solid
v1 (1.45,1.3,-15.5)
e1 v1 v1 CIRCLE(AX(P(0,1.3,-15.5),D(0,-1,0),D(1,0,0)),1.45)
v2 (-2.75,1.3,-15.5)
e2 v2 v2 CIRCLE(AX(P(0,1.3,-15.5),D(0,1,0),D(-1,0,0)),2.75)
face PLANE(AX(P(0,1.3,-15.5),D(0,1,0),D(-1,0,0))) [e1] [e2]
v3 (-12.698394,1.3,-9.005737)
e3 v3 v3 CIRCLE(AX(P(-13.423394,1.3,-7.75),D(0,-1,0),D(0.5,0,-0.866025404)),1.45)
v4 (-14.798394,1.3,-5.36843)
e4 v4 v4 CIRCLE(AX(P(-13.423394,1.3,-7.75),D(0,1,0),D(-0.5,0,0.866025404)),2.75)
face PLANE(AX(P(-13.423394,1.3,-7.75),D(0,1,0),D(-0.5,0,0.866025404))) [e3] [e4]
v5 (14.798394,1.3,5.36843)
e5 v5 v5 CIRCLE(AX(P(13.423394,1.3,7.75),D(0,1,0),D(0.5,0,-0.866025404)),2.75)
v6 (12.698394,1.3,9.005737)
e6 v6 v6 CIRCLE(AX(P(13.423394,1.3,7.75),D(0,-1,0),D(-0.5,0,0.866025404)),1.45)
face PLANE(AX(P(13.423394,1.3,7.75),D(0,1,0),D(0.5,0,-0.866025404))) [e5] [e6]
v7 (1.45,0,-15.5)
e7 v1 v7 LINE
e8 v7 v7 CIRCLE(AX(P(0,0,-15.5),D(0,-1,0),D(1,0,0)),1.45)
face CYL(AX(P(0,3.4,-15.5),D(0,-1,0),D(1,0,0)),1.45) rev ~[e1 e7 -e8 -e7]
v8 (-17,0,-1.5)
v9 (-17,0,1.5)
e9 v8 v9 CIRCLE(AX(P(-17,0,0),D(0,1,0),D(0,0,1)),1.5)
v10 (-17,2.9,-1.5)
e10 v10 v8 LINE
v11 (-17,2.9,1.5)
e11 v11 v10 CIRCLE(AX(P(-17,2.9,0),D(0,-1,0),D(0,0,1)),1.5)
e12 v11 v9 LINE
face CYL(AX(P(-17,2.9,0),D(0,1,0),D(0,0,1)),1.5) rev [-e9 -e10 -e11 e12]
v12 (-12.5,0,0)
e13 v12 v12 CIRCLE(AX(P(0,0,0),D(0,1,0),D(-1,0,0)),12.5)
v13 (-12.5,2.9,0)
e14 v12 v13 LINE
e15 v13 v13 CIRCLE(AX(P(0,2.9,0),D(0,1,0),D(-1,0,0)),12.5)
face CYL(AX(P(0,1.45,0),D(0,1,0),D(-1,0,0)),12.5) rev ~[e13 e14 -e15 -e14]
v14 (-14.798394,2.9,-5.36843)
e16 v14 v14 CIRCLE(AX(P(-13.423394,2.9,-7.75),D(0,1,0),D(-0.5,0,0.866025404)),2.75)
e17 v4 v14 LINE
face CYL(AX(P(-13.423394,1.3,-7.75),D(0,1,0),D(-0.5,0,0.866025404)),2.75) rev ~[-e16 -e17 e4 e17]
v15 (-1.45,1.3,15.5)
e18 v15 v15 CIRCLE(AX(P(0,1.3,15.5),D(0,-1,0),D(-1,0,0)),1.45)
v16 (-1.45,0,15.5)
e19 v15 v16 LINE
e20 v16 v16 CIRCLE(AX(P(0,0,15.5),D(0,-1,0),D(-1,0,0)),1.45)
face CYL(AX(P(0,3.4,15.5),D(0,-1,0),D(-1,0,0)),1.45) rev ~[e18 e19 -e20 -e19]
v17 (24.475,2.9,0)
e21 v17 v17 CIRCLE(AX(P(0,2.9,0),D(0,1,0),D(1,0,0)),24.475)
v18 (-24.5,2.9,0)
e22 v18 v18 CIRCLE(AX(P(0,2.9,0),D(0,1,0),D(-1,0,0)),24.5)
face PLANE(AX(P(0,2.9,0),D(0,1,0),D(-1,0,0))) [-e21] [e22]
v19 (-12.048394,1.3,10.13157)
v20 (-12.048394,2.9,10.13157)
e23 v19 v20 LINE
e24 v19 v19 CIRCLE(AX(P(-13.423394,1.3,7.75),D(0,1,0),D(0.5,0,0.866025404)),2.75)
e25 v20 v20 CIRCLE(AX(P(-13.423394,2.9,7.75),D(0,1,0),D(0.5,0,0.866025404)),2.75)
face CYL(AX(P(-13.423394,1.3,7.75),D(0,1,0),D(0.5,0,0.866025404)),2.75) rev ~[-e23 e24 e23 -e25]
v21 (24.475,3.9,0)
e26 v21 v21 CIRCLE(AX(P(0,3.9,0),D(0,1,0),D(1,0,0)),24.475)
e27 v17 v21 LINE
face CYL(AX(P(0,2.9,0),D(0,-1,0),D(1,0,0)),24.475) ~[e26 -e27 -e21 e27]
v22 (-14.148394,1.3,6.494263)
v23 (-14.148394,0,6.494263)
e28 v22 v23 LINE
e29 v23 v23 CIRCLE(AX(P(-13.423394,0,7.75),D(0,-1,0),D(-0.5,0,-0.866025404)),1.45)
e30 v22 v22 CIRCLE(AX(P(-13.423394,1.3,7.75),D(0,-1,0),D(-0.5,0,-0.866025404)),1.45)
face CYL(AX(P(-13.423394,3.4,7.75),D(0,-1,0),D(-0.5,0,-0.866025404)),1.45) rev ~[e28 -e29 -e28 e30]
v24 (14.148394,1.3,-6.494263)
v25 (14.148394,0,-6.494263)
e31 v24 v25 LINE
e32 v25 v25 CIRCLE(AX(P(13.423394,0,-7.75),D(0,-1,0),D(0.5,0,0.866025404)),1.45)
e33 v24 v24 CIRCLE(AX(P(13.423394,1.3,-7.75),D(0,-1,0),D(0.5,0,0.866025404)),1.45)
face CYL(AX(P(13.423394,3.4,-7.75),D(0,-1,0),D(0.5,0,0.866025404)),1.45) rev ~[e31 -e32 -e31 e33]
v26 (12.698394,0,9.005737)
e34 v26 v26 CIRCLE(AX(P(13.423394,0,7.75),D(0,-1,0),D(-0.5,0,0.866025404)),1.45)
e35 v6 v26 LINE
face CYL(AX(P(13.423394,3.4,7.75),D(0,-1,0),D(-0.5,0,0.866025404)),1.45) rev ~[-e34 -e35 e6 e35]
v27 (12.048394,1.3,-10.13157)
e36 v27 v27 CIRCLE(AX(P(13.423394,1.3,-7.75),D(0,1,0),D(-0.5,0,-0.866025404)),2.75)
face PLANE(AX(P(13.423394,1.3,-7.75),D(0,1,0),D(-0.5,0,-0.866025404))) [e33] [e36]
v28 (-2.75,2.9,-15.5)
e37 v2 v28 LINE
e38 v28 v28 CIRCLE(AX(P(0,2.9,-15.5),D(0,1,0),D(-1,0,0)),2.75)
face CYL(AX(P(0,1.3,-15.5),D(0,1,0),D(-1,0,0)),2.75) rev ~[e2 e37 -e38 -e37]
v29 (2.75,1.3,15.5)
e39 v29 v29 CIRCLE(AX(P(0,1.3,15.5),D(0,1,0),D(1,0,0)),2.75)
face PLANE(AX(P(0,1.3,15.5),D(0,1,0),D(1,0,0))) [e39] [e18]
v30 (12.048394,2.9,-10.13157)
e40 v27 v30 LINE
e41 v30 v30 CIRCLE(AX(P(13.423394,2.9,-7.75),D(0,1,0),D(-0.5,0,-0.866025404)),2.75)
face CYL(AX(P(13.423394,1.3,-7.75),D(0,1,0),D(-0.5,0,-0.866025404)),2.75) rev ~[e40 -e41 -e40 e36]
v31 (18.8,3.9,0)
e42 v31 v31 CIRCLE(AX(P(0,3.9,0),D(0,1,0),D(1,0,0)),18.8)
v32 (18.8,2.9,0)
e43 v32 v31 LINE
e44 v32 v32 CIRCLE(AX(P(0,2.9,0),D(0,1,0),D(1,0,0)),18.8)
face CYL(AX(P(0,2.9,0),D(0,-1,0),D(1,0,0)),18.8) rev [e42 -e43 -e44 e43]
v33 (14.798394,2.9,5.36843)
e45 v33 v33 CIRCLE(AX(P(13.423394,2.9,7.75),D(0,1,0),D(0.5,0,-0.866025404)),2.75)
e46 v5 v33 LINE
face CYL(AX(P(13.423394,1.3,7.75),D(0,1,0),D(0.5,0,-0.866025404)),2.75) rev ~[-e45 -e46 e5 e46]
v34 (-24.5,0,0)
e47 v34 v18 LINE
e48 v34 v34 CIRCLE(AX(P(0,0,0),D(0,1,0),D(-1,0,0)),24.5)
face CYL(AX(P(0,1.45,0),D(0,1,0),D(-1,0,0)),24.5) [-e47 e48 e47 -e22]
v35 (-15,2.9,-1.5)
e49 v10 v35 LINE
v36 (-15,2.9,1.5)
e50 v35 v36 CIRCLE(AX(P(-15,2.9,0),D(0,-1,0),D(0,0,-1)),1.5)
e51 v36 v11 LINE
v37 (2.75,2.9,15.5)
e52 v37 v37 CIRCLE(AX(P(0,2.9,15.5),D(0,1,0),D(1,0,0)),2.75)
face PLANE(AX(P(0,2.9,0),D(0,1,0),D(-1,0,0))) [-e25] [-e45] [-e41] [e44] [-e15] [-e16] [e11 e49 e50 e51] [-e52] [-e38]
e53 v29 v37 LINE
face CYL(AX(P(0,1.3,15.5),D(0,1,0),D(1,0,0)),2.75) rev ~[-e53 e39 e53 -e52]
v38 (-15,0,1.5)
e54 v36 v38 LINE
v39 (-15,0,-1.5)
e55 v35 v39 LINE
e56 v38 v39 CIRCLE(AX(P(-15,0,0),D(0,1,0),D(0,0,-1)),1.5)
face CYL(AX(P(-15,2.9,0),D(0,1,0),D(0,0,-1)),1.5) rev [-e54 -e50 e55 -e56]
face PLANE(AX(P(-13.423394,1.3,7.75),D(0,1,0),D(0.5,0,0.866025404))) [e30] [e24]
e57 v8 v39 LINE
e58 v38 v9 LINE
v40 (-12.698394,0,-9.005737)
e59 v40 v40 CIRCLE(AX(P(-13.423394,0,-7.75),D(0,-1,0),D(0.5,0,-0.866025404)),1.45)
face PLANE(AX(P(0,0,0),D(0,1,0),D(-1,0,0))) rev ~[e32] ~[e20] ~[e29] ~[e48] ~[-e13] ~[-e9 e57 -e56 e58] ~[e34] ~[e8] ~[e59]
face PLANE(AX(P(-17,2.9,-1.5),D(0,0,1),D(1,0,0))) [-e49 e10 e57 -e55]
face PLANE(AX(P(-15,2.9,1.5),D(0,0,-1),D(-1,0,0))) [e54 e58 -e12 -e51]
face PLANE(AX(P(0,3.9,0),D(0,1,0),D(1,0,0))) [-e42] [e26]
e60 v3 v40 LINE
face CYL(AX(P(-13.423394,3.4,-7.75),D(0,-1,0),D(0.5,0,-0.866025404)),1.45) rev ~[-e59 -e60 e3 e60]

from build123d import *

# Parameters (mm, degrees)
SKETCH1_W                                            = 12
SKETCH1_H                                            = 2.9
CBORE_FOR_M2_5_HEX_SOCKET_HEAD_CAP_SCREW_D           = 2.9
CBORE_FOR_M2_5_HEX_SOCKET_HEAD_CAP_SCREW_CBORE_D     = 5.5
CBORE_FOR_M2_5_HEX_SOCKET_HEAD_CAP_SCREW_CBORE_DEPTH = 2.1
CIRPATTERN1_COUNT                                    = 6
CUT_EXTRUDE4_DEPTH                                   = 3.9
SKETCH5_R                                            = 24.475
SKETCH5_R_2                                          = 18.8
BOSS_EXTRUDE1_DEPTH                                  = 1


with BuildPart() as part:
    # Sketch1 → Revolve1 (revolve)
    with BuildSketch(Plane.XY):
        with Locations((-18.5, 1.45)):
            Rectangle(SKETCH1_W, SKETCH1_H)
    revolve(axis=Axis((0, -3.243860323, 0), (0, 1, 0)))

    # CBORE for M2.5 Hex Socket Head Cap Screw2 (through all)
    with Locations(Plane(origin=(0, 3.4, 0), x_dir=(-1, 0, 0), z_dir=(0, 1, 0))):
        with Locations((0, -15.5)):
            cbore_for_m2_5_hex_socket_head_cap_screw = CounterBoreHole(CBORE_FOR_M2_5_HEX_SOCKET_HEAD_CAP_SCREW_D / 2, CBORE_FOR_M2_5_HEX_SOCKET_HEAD_CAP_SCREW_CBORE_D / 2, CBORE_FOR_M2_5_HEX_SOCKET_HEAD_CAP_SCREW_CBORE_DEPTH)

    # CirPattern1: CBORE for M2.5 Hex Socket Head Cap Screw2 ×6 about axis
    cirpattern1_axis = Axis((0, 0, 0), (0, 1, 0))
    for i in range(1, CIRPATTERN1_COUNT):
        add(cbore_for_m2_5_hex_socket_head_cap_screw.rotate(cirpattern1_axis, i * 360 / CIRPATTERN1_COUNT), mode=Mode.SUBTRACT)

    # Sketch10 → Cut-Extrude4 (cut, through all)
    with BuildSketch(Plane(origin=(0, 2.9, 0), x_dir=(1, 0, 0), z_dir=(0, 1, 0))):
        with BuildLine():
            Line((-15, -1.5), (-17, -1.5))
            ThreePointArc((-17, -1.5), (-18.5, 0), (-17, 1.5))
            Line((-17, 1.5), (-15, 1.5))
            ThreePointArc((-15, 1.5), (-13.5, 0), (-15, -1.5))
        make_face()
    extrude(amount=-CUT_EXTRUDE4_DEPTH, mode=Mode.SUBTRACT)

    # Sketch5 → Boss-Extrude1 (add)
    with BuildSketch(Plane(origin=(0, 2.9, 0), x_dir=(1, 0, 0), z_dir=(0, 1, 0))):
        Circle(SKETCH5_R)
        Circle(SKETCH5_R_2, mode=Mode.SUBTRACT)
    extrude(amount=BOSS_EXTRUDE1_DEPTH)


solid = part.part
